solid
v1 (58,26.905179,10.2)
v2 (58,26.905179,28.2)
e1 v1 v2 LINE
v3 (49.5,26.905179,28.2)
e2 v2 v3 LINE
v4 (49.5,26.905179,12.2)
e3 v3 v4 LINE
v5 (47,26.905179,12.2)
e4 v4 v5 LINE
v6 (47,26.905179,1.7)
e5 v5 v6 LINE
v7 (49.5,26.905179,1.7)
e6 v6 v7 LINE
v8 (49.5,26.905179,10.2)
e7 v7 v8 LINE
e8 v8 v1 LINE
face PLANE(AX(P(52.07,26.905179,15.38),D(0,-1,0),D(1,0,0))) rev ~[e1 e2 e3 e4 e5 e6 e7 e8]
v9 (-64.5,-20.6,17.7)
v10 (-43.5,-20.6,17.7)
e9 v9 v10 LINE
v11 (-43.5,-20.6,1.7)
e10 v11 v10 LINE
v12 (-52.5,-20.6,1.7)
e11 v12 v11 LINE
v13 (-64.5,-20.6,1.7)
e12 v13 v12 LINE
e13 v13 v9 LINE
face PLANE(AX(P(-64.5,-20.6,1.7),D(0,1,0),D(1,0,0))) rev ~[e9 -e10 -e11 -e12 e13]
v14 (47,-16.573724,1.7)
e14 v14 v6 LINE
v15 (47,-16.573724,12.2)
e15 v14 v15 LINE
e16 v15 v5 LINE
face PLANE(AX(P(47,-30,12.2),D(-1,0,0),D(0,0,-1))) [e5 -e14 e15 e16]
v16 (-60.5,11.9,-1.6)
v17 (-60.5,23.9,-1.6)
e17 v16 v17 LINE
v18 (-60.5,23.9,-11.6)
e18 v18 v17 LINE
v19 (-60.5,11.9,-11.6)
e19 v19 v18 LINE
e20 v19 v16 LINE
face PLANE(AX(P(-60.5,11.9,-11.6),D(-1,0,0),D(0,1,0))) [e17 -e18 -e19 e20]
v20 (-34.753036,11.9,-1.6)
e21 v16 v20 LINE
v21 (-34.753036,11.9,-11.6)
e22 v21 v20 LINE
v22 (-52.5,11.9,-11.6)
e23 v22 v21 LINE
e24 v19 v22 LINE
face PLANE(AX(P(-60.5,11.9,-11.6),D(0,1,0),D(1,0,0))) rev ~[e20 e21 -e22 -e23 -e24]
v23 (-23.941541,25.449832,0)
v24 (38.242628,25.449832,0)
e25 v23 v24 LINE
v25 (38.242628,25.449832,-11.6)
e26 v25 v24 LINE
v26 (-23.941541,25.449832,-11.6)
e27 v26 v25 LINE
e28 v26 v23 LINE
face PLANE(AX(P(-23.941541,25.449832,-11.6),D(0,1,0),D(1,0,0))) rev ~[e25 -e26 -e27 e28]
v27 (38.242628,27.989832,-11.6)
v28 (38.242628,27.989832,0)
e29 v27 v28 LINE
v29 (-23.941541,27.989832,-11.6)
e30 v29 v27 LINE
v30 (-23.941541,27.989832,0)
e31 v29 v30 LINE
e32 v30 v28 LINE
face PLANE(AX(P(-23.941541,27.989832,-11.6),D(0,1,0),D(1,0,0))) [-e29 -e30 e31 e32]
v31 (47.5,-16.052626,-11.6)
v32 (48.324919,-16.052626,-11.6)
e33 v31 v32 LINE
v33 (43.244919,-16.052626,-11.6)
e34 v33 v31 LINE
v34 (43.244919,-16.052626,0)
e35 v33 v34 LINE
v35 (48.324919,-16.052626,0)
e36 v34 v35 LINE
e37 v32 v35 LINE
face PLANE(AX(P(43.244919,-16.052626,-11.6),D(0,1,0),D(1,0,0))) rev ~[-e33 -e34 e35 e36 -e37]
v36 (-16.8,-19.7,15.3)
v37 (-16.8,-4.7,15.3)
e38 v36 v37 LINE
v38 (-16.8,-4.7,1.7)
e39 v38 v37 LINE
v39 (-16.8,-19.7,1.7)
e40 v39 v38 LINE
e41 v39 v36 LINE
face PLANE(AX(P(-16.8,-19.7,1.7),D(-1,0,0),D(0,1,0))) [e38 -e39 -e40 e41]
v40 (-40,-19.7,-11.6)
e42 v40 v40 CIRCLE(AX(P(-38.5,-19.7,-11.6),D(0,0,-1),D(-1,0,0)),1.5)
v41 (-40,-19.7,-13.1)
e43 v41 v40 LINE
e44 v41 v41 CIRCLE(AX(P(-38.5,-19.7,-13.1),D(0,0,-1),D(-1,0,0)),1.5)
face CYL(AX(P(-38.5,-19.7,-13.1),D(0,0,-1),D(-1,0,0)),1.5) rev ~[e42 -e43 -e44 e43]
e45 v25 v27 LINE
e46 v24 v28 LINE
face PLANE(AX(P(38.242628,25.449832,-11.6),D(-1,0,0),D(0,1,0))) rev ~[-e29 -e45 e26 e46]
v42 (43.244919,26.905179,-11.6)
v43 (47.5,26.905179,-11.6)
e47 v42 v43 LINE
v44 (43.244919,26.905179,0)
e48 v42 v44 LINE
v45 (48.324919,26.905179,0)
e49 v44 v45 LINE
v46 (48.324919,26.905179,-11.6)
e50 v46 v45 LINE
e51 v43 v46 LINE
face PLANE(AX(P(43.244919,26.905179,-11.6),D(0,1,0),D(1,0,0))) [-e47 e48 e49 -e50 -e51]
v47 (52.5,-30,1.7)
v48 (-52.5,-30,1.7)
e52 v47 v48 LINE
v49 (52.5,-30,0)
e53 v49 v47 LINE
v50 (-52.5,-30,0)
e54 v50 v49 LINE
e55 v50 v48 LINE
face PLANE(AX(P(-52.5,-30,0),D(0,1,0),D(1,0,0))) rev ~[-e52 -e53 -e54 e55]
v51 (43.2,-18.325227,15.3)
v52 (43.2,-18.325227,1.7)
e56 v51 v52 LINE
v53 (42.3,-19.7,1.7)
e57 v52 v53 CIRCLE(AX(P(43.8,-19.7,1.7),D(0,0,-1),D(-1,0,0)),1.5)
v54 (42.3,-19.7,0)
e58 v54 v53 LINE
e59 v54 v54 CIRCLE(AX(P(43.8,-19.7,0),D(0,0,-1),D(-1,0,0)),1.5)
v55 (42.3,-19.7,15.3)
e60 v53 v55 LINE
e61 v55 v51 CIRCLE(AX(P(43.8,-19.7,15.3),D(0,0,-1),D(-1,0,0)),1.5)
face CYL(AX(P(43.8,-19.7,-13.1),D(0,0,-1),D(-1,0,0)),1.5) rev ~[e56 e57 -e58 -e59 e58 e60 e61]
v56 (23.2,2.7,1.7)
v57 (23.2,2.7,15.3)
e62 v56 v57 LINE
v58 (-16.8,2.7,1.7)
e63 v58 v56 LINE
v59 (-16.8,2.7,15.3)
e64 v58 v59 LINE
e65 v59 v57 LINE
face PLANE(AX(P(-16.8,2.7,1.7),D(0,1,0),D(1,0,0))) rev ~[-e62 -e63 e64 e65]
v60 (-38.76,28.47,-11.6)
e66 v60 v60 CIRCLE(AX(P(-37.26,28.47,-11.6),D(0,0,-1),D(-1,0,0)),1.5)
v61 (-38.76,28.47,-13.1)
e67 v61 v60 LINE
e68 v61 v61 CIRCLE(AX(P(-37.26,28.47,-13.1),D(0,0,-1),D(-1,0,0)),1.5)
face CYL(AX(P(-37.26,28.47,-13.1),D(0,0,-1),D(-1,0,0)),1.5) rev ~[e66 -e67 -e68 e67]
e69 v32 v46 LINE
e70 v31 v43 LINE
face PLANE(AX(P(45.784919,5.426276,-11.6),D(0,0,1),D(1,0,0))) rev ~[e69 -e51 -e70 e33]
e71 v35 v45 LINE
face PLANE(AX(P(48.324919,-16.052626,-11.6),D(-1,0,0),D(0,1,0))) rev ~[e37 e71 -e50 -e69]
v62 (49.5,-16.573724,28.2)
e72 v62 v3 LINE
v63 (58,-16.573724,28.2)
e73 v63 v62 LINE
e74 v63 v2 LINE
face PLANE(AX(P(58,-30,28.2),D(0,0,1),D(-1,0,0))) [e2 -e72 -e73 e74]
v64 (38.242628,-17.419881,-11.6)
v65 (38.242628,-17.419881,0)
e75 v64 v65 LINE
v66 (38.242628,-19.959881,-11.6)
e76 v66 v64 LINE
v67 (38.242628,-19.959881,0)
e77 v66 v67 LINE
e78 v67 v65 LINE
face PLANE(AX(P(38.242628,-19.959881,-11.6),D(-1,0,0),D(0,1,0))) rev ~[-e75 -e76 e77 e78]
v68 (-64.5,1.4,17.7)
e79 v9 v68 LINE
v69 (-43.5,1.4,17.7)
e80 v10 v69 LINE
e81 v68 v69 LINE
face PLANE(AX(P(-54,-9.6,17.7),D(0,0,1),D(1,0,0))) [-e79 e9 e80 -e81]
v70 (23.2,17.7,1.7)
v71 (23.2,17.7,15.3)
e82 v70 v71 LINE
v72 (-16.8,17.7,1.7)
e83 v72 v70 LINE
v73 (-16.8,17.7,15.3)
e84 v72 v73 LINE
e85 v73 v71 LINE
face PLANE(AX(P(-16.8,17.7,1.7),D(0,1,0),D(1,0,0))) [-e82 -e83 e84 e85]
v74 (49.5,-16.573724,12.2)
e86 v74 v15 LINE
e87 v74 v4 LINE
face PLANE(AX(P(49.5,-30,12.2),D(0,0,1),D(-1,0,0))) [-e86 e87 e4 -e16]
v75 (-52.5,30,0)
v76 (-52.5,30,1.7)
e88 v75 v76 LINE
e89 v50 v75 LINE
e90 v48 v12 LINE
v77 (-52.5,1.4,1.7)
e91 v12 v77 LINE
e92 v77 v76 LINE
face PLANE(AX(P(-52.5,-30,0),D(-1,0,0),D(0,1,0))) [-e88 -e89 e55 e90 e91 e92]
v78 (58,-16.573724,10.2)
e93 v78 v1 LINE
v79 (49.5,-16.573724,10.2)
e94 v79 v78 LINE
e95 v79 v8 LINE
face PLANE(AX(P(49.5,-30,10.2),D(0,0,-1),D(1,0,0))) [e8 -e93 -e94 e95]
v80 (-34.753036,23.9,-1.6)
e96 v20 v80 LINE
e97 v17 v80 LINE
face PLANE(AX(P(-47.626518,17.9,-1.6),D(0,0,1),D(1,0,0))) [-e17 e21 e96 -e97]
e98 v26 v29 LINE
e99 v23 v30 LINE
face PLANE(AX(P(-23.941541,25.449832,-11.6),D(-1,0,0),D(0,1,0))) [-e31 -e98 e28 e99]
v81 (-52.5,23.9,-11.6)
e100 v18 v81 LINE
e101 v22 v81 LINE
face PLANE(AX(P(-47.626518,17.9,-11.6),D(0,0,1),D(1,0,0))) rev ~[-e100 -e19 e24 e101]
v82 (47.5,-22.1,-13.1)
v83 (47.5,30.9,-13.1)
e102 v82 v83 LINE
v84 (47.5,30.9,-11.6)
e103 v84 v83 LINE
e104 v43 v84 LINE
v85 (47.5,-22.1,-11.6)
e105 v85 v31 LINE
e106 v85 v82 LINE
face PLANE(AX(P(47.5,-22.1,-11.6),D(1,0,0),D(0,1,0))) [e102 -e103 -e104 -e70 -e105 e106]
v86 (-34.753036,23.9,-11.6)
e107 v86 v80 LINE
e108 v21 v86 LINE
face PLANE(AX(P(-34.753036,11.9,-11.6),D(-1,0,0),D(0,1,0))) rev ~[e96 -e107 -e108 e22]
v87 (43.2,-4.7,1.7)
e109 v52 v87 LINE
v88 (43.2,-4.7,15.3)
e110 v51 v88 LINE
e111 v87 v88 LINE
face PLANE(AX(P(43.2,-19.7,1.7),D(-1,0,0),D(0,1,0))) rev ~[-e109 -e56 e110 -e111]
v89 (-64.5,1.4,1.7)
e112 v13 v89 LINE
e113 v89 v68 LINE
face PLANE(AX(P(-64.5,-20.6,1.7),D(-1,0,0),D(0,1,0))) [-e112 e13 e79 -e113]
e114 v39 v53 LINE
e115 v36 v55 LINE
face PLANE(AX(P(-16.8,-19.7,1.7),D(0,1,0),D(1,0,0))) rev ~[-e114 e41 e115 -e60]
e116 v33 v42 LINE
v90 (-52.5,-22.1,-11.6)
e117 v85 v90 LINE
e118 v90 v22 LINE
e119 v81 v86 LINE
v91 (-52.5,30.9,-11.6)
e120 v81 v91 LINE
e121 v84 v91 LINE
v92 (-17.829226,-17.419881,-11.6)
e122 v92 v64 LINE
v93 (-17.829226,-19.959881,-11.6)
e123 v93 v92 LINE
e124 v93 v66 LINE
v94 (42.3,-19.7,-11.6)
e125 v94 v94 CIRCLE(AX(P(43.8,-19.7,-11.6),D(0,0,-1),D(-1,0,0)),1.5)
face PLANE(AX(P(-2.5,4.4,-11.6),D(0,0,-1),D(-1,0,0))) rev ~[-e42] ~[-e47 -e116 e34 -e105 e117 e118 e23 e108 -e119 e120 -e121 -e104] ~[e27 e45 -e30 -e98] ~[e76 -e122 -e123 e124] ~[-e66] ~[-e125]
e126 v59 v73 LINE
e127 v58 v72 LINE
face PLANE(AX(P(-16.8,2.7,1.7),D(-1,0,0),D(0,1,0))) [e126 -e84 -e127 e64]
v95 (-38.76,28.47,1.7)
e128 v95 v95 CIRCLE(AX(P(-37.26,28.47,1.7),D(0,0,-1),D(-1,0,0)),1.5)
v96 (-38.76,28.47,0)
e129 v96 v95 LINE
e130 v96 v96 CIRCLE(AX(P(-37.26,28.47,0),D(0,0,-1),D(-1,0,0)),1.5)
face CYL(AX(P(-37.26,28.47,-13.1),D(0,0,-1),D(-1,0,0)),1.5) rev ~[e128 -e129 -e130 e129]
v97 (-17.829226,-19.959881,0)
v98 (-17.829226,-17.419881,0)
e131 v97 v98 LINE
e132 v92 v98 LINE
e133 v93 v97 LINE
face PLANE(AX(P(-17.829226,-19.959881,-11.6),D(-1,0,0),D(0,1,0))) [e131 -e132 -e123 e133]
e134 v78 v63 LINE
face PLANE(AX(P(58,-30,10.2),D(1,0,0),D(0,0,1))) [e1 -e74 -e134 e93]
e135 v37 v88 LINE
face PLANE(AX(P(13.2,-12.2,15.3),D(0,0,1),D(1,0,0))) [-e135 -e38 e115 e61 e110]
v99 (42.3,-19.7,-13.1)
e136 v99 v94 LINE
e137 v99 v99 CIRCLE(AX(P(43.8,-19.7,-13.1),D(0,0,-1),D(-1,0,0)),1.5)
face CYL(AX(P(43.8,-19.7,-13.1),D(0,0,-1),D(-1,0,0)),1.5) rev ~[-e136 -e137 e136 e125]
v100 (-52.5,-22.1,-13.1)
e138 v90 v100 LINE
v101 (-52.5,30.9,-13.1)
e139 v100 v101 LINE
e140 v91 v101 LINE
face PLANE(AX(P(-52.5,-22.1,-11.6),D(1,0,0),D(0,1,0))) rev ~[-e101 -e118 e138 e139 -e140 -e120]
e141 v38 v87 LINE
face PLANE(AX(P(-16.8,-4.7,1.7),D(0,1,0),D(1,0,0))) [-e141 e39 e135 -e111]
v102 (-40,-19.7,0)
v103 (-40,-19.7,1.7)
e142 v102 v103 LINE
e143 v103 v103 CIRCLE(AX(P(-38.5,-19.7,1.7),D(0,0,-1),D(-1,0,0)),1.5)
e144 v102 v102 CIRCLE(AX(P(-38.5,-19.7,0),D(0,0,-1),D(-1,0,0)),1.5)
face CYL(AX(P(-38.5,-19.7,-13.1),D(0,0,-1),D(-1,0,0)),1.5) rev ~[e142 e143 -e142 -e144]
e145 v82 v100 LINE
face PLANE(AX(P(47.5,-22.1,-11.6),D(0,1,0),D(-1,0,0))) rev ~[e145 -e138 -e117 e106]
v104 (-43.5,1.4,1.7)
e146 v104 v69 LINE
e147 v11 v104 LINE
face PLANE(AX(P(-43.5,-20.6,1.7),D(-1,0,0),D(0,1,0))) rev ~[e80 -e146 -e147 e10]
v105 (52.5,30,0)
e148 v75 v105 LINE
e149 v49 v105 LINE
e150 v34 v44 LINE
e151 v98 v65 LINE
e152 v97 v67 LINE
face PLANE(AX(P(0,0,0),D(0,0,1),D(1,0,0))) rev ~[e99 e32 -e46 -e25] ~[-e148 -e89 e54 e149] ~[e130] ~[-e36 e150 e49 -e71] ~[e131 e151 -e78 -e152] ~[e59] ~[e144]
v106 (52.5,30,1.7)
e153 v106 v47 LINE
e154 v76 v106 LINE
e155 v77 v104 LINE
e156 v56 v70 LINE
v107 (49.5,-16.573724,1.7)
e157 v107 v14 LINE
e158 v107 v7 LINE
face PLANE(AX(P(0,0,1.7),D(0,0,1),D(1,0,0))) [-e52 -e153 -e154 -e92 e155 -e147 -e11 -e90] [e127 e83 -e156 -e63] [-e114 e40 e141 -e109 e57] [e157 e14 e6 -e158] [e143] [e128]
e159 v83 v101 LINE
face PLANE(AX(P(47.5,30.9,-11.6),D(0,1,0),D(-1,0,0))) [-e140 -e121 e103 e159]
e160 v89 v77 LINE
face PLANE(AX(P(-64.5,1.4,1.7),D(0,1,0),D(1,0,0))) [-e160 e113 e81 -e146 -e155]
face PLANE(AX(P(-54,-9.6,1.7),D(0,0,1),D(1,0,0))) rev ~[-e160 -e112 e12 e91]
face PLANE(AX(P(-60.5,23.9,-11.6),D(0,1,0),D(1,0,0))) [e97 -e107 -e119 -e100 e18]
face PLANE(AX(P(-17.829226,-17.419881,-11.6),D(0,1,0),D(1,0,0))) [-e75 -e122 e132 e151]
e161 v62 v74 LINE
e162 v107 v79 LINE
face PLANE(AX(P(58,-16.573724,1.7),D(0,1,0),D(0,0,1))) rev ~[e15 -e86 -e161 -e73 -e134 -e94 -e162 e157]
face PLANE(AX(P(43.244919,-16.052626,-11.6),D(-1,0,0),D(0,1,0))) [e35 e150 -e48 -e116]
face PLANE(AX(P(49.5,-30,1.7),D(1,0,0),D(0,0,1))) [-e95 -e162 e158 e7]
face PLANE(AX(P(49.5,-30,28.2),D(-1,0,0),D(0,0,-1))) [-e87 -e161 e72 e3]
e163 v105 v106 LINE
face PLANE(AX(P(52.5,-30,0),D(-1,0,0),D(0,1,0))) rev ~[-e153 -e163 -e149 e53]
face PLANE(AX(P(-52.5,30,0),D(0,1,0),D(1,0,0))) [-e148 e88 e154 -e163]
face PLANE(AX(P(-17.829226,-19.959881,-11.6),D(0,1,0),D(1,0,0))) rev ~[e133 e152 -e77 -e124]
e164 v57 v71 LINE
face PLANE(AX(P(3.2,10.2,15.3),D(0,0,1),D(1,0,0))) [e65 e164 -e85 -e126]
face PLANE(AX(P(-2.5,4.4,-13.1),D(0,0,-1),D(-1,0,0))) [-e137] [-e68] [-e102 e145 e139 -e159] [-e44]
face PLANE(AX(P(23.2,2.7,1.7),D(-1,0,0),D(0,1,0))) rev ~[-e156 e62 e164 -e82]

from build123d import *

# Parameters (mm, degrees)
ESBO_O1_W                 = 105
ESBO_O1_H                 = 60
RESSALTO_EXTRUS_O1_DEPTH  = 1.7
ESBO_O2_W                 = 60
ESBO_O2_H                 = 15
ESBO_O2_W_2               = 40
RESSALTO_EXTRUS_O2_DEPTH  = 13.6
RESSALTO_EXTRUS_O6_START  = 11.6
ESBO_O3_W                 = 100
ESBO_O3_H                 = 53
RESSALTO_EXTRUS_O6_DEPTH  = 1.5
ESBO_O4_W                 = 62.184169383
ESBO_O4_H                 = 2.54
ESBO_O4_W_2               = 5.08
ESBO_O4_H_2               = 42.957805244
ESBO_O4_W_3               = 56.07185462
RESSALTO_EXTRUS_O8_DEPTH  = 11.6
ESBO_O6_W                 = 21
ESBO_O6_H                 = 22
RESSALTO_EXTRUS_O9_DEPTH  = 16
ESBO_O7_W                 = 25.746964405
ESBO_O7_H                 = 12
RESSALTO_EXTRUS_O10_DEPTH = 10
ESBO_O8_R                 = 1.5
CORTE_EXTRUS_O1_DEPTH     = 78.869763066
RESSALTO_EXTRUS_O11_DEPTH = 56.905179102
CORTE_EXTRUS_O2_REACH     = 131.446


with BuildPart() as part:
    # Esboço1 → Ressalto-extrusão1 (new body)
    with BuildSketch(Plane.XY):
        Rectangle(ESBO_O1_W, ESBO_O1_H)
    extrude(amount=RESSALTO_EXTRUS_O1_DEPTH)

    # Esboço2 → Ressalto-extrusão2 (add)
    with BuildSketch(Plane.XY.offset(1.7)):
        with Locations((13.2, -12.2)):
            Rectangle(ESBO_O2_W, ESBO_O2_H)
        with Locations((3.2, 10.2)):
            Rectangle(ESBO_O2_W_2, ESBO_O2_H)
    extrude(amount=RESSALTO_EXTRUS_O2_DEPTH)



with BuildPart() as body_2:
    # Esboço3 → Ressalto-extrusão6 (new body)
    with BuildSketch(Plane(origin=(0, 0, 0), x_dir=(-1, 0, 0), z_dir=(0, 0, -1)).offset(RESSALTO_EXTRUS_O6_START)):
        with Locations((2.5, 4.4)):
            Rectangle(ESBO_O3_W, ESBO_O3_H)
    extrude(amount=RESSALTO_EXTRUS_O6_DEPTH)


with BuildPart() as part_1:
    add(part.part)

    add(body_2.part)  # Ressalto-extrusão8 merges body 2
    # Esboço4 → Ressalto-extrusão8 (add)
    with BuildSketch(Plane.XY.offset(-11.6)):
        with Locations((7.150543675, 26.719832293)):
            Rectangle(ESBO_O4_W, ESBO_O4_H)
        with Locations((45.784919315, 5.42627648)):
            Rectangle(ESBO_O4_W_2, ESBO_O4_H_2)
        with Locations((10.206701056, -18.689881399)):
            Rectangle(ESBO_O4_W_3, ESBO_O4_H)
    extrude(amount=RESSALTO_EXTRUS_O8_DEPTH)

    # Esboço6 → Ressalto-extrusão9 (add)
    with BuildSketch(Plane.XY.offset(1.7)):
        with Locations((-54, -9.6)):
            Rectangle(ESBO_O6_W, ESBO_O6_H)
    extrude(amount=RESSALTO_EXTRUS_O9_DEPTH)

    # Esboço7 → Ressalto-extrusão10 (add)
    with BuildSketch(Plane.XY.offset(-11.6)):
        with Locations((-47.626517798, 17.9)):
            Rectangle(ESBO_O7_W, ESBO_O7_H)
    extrude(amount=RESSALTO_EXTRUS_O10_DEPTH)

    # Esboço8 → Corte-extrusão1 (cut, through all)
    with BuildSketch(Plane(origin=(0, 0, -13.1), x_dir=(-1, 0, 0), z_dir=(0, 0, -1))):
        with Locations((37.26, 28.47)):
            Circle(ESBO_O8_R)
        with Locations((38.5, -19.7)):
            Circle(ESBO_O8_R)
        with Locations((-43.8, -19.7)):
            Circle(ESBO_O8_R)
    extrude(amount=-CORTE_EXTRUS_O1_DEPTH, mode=Mode.SUBTRACT)

    # Esboço9 → Ressalto-extrusão11 (add)
    with BuildSketch(Plane.XZ.offset(30)):
        Polygon((49.5, 1.7), (49.5, 10.2), (58, 10.2), (58, 28.2), (49.5, 28.2), (49.5, 12.2), (47, 12.2), (47, 1.7), align=None)
    extrude(amount=-RESSALTO_EXTRUS_O11_DEPTH)

    # Corte-extrusão2: up to this face of the body (flat: up to its plane)
    corte_extrus_o2_end = Plane(part_1.part.faces().sort_by_distance((47, -1.547410449, 6.95))[0])
    # Esboço10 → Corte-extrusão2 (cut, up to the picked face)
    with BuildSketch(Plane(origin=(58, 0, 0), x_dir=(0, 0, -1), z_dir=(1, 0, 0)), mode=Mode.PRIVATE) as corte_extrus_o2_sk1:
        Polygon((-10.2, -16.57372352), (-28.2, -16.57372352), (-28.2, -30), (-1.7, -30), (-1.7, -16.57372352), align=None)
    corte_extrus_o2_tool1 = split(extrude(corte_extrus_o2_sk1.sketch, amount=-CORTE_EXTRUS_O2_REACH, mode=Mode.PRIVATE), bisect_by=corte_extrus_o2_end, keep=Keep.BOTH, mode=Mode.PRIVATE)
    add(corte_extrus_o2_tool1.solids().sort_by(Axis((58, -23.286862, 14.95), (-1, 0, 0)))[0], mode=Mode.SUBTRACT)


solid = part_1.part
